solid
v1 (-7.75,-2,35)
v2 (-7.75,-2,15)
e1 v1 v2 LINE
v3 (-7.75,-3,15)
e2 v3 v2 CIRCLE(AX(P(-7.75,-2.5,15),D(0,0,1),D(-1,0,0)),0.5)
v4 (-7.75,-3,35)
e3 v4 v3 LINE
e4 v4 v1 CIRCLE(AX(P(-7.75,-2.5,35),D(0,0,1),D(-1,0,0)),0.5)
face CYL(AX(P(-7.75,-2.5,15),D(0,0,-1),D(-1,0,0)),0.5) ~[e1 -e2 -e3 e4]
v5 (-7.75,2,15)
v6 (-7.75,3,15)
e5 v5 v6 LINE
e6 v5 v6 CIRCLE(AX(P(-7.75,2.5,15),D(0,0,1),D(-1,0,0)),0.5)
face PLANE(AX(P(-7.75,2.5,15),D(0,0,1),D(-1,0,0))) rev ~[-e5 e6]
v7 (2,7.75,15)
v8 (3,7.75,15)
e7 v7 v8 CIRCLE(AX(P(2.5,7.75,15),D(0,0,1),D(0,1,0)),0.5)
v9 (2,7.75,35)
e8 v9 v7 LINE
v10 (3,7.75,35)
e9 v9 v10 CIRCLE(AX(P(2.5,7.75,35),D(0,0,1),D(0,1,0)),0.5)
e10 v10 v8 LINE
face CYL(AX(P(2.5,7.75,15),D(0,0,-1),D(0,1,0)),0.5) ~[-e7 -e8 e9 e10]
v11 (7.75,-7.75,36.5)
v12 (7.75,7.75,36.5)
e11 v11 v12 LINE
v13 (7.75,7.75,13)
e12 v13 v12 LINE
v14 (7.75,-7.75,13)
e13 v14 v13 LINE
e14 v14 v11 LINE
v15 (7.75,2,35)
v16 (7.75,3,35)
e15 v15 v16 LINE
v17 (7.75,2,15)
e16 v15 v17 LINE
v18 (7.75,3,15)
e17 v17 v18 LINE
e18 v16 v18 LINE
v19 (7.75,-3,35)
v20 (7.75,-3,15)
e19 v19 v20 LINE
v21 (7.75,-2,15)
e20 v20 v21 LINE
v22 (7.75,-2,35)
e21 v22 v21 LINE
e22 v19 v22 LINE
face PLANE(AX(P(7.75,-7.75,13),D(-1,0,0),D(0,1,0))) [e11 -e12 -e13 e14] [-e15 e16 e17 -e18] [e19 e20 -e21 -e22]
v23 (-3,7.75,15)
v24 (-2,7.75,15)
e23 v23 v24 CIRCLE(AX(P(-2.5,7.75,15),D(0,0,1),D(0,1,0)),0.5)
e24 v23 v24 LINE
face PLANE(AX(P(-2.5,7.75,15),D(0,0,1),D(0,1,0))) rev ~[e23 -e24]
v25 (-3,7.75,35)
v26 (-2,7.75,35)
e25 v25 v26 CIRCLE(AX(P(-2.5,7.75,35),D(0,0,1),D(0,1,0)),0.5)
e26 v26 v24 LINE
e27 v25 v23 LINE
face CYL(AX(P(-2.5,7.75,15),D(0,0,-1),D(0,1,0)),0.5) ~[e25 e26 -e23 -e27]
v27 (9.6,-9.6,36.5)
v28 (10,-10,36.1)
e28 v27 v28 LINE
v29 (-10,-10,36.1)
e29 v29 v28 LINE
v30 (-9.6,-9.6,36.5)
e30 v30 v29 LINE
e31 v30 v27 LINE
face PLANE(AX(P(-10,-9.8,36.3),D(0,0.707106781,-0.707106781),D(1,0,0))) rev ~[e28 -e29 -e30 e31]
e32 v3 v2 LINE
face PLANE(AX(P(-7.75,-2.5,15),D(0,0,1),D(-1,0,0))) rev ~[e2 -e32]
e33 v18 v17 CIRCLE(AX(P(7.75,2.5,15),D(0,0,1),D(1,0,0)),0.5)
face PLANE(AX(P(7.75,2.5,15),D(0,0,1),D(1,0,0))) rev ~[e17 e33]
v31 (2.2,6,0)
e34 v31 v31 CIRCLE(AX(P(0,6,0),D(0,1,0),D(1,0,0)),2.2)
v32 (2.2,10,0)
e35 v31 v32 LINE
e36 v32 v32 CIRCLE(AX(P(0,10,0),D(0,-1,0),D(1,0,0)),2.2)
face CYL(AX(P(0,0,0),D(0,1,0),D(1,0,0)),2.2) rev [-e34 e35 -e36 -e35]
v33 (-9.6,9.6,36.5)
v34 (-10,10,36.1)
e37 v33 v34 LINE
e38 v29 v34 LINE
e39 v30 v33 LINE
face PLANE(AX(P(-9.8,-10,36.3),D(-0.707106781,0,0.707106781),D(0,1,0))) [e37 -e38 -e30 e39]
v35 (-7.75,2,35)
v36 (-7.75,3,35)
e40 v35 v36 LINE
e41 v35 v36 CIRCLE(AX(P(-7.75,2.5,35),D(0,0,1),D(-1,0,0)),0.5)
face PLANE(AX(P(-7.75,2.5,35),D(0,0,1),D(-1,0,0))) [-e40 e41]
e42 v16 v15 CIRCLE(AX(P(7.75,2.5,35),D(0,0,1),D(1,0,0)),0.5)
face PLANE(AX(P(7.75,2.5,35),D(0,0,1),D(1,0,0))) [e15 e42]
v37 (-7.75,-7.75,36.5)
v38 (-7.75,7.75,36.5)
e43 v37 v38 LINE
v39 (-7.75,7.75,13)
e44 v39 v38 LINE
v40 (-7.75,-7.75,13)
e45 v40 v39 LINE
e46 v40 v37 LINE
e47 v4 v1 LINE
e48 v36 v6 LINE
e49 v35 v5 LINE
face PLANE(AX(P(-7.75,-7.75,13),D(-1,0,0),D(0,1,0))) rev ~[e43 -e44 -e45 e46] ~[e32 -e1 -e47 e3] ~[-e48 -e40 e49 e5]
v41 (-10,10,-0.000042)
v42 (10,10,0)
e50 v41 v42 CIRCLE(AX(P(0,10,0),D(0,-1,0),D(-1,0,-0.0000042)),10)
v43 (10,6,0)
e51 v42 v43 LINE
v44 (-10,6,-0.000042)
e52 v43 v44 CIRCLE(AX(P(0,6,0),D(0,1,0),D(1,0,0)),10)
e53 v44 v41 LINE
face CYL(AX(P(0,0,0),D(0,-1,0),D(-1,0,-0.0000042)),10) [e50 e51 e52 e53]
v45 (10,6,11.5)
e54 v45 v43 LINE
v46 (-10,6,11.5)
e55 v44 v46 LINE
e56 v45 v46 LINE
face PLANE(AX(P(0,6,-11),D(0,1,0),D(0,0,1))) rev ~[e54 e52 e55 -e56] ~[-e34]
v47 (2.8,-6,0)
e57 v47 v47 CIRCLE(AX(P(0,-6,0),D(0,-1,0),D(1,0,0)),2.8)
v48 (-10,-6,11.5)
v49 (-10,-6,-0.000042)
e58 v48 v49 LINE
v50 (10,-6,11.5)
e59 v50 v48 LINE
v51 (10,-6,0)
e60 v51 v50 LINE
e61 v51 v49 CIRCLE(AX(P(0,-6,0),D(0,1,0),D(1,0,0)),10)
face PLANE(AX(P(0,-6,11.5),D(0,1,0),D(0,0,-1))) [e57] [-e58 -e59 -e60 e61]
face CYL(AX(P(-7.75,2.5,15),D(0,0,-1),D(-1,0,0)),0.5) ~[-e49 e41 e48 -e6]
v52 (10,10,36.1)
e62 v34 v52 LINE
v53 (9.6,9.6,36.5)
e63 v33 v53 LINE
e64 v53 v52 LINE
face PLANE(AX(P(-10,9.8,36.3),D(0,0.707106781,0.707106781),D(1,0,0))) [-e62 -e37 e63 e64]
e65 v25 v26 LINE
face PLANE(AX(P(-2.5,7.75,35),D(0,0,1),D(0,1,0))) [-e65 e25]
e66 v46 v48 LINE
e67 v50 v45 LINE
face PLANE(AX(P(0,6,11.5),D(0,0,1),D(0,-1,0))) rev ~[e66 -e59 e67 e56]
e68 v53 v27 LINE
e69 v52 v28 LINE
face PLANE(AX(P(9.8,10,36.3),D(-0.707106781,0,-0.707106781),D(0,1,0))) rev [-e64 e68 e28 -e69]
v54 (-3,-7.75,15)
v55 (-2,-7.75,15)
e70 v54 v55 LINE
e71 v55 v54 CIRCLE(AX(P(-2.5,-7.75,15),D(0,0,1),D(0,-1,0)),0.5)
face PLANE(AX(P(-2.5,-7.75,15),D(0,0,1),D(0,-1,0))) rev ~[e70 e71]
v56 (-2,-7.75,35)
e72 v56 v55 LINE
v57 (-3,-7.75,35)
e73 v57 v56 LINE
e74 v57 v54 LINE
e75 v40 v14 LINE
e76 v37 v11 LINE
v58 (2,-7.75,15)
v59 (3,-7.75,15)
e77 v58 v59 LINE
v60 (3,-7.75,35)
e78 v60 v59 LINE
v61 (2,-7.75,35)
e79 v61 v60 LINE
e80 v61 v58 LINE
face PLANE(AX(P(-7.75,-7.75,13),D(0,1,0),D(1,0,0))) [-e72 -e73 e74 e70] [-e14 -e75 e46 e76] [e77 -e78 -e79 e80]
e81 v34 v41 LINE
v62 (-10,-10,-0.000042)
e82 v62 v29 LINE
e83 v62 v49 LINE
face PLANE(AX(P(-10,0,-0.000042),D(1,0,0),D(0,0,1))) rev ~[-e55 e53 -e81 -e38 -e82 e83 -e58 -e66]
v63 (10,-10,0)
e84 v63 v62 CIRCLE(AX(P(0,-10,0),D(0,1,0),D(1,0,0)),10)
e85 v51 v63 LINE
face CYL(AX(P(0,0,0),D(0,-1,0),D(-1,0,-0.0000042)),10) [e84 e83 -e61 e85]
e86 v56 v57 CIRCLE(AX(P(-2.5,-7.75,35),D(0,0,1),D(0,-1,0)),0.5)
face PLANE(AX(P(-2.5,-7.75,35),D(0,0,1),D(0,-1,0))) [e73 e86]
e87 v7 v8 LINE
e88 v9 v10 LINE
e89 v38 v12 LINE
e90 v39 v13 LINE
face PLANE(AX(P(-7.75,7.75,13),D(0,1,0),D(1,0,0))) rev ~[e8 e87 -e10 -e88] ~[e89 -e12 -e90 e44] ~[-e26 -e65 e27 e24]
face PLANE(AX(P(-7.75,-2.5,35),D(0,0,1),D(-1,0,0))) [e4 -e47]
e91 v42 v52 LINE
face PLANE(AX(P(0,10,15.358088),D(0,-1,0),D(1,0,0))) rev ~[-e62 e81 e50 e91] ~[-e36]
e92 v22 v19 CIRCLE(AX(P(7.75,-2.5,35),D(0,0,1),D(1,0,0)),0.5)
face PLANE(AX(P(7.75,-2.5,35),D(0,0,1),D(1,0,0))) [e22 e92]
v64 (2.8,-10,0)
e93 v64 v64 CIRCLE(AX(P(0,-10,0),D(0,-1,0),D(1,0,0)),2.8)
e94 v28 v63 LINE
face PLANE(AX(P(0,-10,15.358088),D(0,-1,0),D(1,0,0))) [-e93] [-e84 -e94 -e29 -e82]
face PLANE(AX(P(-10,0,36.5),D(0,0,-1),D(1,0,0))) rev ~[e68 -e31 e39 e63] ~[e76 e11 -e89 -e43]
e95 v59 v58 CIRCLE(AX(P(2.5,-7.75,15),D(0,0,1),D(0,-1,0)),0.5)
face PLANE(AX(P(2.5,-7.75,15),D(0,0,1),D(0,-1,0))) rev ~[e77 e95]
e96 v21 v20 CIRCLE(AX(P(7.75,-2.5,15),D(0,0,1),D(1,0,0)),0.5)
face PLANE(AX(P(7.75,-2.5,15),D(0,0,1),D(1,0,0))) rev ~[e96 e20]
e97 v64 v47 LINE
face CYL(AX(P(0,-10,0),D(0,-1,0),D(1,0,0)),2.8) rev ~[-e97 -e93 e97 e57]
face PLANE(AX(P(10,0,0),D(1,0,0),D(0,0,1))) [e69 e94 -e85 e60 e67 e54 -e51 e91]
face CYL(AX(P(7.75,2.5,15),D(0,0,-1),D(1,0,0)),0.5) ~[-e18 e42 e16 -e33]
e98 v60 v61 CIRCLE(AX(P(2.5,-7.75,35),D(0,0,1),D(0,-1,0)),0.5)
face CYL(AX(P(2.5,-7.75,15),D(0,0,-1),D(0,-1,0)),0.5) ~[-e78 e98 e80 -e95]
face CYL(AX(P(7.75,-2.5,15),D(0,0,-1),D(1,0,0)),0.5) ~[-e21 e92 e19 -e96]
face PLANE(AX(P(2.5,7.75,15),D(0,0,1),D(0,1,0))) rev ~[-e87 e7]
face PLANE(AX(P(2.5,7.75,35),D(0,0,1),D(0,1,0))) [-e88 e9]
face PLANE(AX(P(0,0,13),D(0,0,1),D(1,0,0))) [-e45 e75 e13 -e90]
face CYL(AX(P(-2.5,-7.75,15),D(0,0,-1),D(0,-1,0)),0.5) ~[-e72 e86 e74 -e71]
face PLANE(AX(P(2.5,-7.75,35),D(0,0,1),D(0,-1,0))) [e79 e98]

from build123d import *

# Parameters (mm, degrees)
SKETCH264_R           = 2.2
PAD066_DEPTH          = 10
POCKET176_DEPTH       = 10.001
POCKET176_DEPTH_BACK  = 10.001
SKETCH265_W           = 15.5
SKETCH265_H           = 15.5
POCKET177_DEPTH       = 23.501
CYLINDER014_R         = 0.5
CYLINDER014_DEPTH     = 20
CYLINDER015_R         = 0.5
CYLINDER015_DEPTH     = 20
POLARPATTERN005_COUNT = 4
SKETCH271_R           = 2.8
POCKET189_DEPTH       = 4
CHAMFER_SIZE          = 0.4


with BuildPart() as part:
    # Sketch264 → Pad066 (new body, symmetric)
    with BuildSketch(Plane.XZ):
        with BuildLine():
            ThreePointArc((-10, -4.2e-05), (2.1e-05, -10), (10, 0))
            Line((10, 0), (10, 11.5))
            Line((10, 12), (10, 11.5))
            Line((10, 36.5), (10, 12))
            Line((-10, 36.5), (10, 36.5))
            Line((-10, 12), (-10, 36.5))
            Line((-10, 11.5), (-10, 12))
            Line((-10, -4.2e-05), (-10, 11.5))
        make_face()
        Circle(SKETCH264_R, mode=Mode.SUBTRACT)
    extrude(amount=PAD066_DEPTH, both=True)

    # Sketch263 → Pocket176 (cut, two sides)
    with BuildSketch(Plane.YZ) as pocket176_sk:
        Polygon((-6, 11.5), (-6, -11), (-10, -11), (-10, 11.5), (-11.5, 13), (-11.5, -13), (11.5, -13), (11.5, 13), (10, 11.5), (10, -11), (6, -11), (6, 11.5), align=None)
    extrude(amount=-POCKET176_DEPTH, mode=Mode.SUBTRACT)
    extrude(pocket176_sk.sketch, amount=POCKET176_DEPTH_BACK, mode=Mode.SUBTRACT)

    # Sketch265 → Pocket177 (cut, through all)
    with BuildSketch(Plane.XY.offset(13)):
        Rectangle(SKETCH265_W, SKETCH265_H)
    extrude(amount=POCKET177_DEPTH, mode=Mode.SUBTRACT)

    # Cylinder014 → Cylinder014 (join)
    with BuildSketch(Plane(origin=(7.75, -2.5, 15), x_dir=(1, 0, 0), z_dir=(0, 0, 1))):
        Circle(CYLINDER014_R)
    cylinder014 = extrude(amount=CYLINDER014_DEPTH)

    # Cylinder015 → Cylinder015 (join)
    with BuildSketch(Plane(origin=(7.75, 2.5, 15), x_dir=(1, 0, 0), z_dir=(0, 0, 1))):
        Circle(CYLINDER015_R)
    cylinder015 = extrude(amount=CYLINDER015_DEPTH)

    # PolarPattern005: Cylinder014, Cylinder015 ×4 about axis
    polarpattern005_axis = Axis((0, 0, 0), (0, 0, 1))
    for i in range(1, POLARPATTERN005_COUNT):
        add(cylinder014.rotate(polarpattern005_axis, i * 360 / POLARPATTERN005_COUNT))
        add(cylinder015.rotate(polarpattern005_axis, i * 360 / POLARPATTERN005_COUNT))

    # Sketch271 → Pocket189 (cut)
    with BuildSketch(Plane.XZ.offset(10)):
        Circle(SKETCH271_R)
    extrude(amount=-POCKET189_DEPTH, mode=Mode.SUBTRACT)

    # Chamfer
    chamfer_edges = [part.edges().sort_by_distance(p)[0] for p in [
        (10, 0, 36.5),
        (0, -10, 36.5),
        (-10, 0, 36.5),
        (0, 10, 36.5),
    ]]
    chamfer(chamfer_edges, length=CHAMFER_SIZE)


solid = part.part
